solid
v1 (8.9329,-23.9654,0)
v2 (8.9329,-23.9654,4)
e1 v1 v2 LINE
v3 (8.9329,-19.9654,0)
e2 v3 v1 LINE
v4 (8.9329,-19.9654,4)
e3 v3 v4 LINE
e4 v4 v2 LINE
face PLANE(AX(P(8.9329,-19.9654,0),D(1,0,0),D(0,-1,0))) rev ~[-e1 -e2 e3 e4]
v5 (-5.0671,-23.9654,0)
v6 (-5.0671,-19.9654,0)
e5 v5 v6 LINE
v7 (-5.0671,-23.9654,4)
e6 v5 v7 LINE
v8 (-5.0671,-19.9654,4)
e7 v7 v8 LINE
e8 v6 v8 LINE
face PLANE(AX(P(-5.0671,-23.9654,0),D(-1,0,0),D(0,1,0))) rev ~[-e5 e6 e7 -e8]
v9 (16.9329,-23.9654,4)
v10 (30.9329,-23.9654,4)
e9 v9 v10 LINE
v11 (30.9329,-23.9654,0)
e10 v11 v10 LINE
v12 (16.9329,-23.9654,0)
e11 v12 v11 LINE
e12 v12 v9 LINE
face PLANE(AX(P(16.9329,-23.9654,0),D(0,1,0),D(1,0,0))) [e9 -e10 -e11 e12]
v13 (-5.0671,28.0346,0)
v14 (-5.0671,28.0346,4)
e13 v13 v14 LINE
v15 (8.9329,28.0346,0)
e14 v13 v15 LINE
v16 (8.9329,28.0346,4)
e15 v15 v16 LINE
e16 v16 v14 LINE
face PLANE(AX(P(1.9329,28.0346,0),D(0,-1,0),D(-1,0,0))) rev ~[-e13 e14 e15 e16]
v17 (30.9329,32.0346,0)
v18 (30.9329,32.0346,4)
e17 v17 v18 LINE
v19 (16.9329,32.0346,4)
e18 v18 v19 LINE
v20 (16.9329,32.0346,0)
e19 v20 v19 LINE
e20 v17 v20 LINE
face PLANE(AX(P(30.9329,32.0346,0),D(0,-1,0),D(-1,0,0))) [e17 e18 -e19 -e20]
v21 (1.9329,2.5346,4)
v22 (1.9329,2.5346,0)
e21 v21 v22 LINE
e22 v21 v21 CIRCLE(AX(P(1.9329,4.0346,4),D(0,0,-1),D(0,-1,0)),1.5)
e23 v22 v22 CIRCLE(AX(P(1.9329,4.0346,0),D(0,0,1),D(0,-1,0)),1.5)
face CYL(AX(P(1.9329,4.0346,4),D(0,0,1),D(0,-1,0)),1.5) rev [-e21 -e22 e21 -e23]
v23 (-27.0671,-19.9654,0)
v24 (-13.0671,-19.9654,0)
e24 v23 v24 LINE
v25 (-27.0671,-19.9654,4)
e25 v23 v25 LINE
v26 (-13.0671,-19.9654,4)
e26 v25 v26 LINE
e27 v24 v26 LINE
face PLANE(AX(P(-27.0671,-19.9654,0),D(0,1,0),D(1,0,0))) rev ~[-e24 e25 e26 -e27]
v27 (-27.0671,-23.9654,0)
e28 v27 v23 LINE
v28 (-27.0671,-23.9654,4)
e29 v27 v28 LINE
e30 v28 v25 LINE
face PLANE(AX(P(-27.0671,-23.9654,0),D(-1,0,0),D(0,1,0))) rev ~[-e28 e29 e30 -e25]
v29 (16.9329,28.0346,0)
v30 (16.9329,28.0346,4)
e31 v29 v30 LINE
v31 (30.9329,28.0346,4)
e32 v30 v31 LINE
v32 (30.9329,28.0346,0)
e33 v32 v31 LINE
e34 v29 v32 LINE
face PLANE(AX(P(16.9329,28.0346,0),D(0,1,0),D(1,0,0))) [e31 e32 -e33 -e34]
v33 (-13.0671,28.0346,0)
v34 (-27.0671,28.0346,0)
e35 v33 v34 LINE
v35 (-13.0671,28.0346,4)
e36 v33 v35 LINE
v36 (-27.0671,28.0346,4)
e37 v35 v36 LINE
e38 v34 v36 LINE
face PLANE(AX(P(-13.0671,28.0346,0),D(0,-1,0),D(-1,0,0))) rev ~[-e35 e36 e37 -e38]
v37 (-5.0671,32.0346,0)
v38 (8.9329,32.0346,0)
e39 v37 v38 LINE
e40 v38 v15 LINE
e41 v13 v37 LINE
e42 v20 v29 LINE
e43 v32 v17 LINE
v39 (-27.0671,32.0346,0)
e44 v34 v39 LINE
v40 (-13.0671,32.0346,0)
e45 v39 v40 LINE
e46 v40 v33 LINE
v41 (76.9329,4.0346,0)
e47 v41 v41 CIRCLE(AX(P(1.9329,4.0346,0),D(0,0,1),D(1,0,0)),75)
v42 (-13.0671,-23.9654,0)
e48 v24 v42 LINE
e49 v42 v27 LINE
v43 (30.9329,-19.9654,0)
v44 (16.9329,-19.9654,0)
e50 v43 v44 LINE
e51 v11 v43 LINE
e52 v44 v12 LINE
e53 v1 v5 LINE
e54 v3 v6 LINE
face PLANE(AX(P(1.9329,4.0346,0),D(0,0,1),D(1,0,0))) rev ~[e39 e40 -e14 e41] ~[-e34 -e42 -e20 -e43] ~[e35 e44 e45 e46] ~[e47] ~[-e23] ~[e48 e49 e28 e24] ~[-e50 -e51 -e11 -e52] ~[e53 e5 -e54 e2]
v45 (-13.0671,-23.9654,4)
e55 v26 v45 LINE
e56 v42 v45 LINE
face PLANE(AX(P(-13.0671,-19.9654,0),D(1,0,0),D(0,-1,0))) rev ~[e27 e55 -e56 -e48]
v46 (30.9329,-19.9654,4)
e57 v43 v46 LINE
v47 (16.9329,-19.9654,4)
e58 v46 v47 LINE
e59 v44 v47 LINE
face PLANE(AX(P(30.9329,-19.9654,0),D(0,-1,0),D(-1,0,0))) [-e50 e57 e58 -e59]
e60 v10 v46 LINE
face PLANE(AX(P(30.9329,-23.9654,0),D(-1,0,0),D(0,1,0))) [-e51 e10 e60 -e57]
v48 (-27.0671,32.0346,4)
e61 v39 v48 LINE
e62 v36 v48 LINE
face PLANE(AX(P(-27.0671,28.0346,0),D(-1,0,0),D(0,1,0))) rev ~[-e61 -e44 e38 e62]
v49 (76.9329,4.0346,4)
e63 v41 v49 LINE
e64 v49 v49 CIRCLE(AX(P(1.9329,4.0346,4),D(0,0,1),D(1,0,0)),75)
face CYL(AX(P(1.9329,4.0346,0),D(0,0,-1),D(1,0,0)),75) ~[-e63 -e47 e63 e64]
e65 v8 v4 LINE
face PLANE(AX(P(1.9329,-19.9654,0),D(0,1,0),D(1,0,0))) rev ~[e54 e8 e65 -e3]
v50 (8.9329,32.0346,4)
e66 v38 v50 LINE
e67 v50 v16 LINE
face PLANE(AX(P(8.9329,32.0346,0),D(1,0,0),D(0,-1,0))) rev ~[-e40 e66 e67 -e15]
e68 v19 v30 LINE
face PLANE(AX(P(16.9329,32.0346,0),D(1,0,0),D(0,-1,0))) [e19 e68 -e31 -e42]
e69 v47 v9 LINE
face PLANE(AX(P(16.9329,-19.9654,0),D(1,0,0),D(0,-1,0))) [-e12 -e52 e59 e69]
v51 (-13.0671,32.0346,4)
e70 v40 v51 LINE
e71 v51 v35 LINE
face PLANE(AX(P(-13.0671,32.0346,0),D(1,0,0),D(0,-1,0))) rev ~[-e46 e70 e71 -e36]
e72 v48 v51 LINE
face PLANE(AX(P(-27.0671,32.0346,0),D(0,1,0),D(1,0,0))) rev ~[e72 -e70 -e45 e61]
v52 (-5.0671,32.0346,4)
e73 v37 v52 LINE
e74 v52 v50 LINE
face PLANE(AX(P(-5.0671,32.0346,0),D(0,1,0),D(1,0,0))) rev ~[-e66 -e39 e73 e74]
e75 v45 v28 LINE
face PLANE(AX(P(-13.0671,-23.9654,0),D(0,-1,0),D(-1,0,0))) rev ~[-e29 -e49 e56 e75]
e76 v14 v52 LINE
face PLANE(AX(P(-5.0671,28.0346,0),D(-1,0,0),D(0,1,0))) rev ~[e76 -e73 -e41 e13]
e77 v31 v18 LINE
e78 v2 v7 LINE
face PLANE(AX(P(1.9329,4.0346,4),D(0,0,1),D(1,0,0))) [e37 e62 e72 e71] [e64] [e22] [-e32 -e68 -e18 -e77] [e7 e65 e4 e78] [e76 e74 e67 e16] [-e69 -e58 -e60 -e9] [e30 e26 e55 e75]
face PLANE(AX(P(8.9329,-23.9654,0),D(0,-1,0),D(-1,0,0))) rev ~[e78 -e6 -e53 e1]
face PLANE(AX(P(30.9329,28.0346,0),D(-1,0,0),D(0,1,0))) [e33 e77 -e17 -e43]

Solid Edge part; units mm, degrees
sketch "Sketch1" plane through (0, 0, 0) normal (0, 0, 1) x (1, 0, 0)
  line L0 (1.9329, -19.9654) -> (-5.0671, -19.9654)
  line L1 (-5.0671, -23.9654) -> (-5.0671, -19.9654)
  line L2 (8.9329, -23.9654) -> (-5.0671, -23.9654)
  line L3 (8.9329, -19.9654) -> (8.9329, -23.9654)
  line L4 (1.9329, -19.9654) -> (8.9329, -19.9654)
  line L5 (16.9329, 28.0346) -> (30.9329, 28.0346)
  line L6 (30.9329, 28.0346) -> (30.9329, 32.0346)
  line L7 (30.9329, 32.0346) -> (16.9329, 32.0346)
  line L8 (16.9329, 32.0346) -> (16.9329, 28.0346)
  line L9 (-13.0671, 32.0346) -> (-13.0671, 28.0346)
  line L10 (-13.0671, 28.0346) -> (-27.0671, 28.0346)
  line L11 (-27.0671, 28.0346) -> (-27.0671, 32.0346)
  line L12 (-27.0671, 32.0346) -> (-13.0671, 32.0346)
  line L13 (1.9329, 28.0346) -> (8.9329, 28.0346)
  line L14 (8.9329, 32.0346) -> (8.9329, 28.0346)
  line L15 (-5.0671, 32.0346) -> (8.9329, 32.0346)
  line L16 (-5.0671, 28.0346) -> (-5.0671, 32.0346)
  line L17 (1.9329, 28.0346) -> (-5.0671, 28.0346)
  line L18 (-13.0671, -19.9654) -> (-13.0671, -23.9654)
  line L19 (-13.0671, -23.9654) -> (-27.0671, -23.9654)
  line L20 (-27.0671, -23.9654) -> (-27.0671, -19.9654)
  line L21 (-27.0671, -19.9654) -> (-13.0671, -19.9654)
  line L22 (16.9329, -23.9654) -> (30.9329, -23.9654)
  line L23 (30.9329, -23.9654) -> (30.9329, -19.9654)
  line L24 (30.9329, -19.9654) -> (16.9329, -19.9654)
  line L25 (16.9329, -19.9654) -> (16.9329, -23.9654)
  circle A0 centre (1.9329, 4.0346) radius 75
extrude "Protrusion1" add sketch "Sketch1" along normal blind 4
hole "Furo_4" at (1.9329, 4.0346, 4) direction (0, 0, -1) diameter 3 end up to next
